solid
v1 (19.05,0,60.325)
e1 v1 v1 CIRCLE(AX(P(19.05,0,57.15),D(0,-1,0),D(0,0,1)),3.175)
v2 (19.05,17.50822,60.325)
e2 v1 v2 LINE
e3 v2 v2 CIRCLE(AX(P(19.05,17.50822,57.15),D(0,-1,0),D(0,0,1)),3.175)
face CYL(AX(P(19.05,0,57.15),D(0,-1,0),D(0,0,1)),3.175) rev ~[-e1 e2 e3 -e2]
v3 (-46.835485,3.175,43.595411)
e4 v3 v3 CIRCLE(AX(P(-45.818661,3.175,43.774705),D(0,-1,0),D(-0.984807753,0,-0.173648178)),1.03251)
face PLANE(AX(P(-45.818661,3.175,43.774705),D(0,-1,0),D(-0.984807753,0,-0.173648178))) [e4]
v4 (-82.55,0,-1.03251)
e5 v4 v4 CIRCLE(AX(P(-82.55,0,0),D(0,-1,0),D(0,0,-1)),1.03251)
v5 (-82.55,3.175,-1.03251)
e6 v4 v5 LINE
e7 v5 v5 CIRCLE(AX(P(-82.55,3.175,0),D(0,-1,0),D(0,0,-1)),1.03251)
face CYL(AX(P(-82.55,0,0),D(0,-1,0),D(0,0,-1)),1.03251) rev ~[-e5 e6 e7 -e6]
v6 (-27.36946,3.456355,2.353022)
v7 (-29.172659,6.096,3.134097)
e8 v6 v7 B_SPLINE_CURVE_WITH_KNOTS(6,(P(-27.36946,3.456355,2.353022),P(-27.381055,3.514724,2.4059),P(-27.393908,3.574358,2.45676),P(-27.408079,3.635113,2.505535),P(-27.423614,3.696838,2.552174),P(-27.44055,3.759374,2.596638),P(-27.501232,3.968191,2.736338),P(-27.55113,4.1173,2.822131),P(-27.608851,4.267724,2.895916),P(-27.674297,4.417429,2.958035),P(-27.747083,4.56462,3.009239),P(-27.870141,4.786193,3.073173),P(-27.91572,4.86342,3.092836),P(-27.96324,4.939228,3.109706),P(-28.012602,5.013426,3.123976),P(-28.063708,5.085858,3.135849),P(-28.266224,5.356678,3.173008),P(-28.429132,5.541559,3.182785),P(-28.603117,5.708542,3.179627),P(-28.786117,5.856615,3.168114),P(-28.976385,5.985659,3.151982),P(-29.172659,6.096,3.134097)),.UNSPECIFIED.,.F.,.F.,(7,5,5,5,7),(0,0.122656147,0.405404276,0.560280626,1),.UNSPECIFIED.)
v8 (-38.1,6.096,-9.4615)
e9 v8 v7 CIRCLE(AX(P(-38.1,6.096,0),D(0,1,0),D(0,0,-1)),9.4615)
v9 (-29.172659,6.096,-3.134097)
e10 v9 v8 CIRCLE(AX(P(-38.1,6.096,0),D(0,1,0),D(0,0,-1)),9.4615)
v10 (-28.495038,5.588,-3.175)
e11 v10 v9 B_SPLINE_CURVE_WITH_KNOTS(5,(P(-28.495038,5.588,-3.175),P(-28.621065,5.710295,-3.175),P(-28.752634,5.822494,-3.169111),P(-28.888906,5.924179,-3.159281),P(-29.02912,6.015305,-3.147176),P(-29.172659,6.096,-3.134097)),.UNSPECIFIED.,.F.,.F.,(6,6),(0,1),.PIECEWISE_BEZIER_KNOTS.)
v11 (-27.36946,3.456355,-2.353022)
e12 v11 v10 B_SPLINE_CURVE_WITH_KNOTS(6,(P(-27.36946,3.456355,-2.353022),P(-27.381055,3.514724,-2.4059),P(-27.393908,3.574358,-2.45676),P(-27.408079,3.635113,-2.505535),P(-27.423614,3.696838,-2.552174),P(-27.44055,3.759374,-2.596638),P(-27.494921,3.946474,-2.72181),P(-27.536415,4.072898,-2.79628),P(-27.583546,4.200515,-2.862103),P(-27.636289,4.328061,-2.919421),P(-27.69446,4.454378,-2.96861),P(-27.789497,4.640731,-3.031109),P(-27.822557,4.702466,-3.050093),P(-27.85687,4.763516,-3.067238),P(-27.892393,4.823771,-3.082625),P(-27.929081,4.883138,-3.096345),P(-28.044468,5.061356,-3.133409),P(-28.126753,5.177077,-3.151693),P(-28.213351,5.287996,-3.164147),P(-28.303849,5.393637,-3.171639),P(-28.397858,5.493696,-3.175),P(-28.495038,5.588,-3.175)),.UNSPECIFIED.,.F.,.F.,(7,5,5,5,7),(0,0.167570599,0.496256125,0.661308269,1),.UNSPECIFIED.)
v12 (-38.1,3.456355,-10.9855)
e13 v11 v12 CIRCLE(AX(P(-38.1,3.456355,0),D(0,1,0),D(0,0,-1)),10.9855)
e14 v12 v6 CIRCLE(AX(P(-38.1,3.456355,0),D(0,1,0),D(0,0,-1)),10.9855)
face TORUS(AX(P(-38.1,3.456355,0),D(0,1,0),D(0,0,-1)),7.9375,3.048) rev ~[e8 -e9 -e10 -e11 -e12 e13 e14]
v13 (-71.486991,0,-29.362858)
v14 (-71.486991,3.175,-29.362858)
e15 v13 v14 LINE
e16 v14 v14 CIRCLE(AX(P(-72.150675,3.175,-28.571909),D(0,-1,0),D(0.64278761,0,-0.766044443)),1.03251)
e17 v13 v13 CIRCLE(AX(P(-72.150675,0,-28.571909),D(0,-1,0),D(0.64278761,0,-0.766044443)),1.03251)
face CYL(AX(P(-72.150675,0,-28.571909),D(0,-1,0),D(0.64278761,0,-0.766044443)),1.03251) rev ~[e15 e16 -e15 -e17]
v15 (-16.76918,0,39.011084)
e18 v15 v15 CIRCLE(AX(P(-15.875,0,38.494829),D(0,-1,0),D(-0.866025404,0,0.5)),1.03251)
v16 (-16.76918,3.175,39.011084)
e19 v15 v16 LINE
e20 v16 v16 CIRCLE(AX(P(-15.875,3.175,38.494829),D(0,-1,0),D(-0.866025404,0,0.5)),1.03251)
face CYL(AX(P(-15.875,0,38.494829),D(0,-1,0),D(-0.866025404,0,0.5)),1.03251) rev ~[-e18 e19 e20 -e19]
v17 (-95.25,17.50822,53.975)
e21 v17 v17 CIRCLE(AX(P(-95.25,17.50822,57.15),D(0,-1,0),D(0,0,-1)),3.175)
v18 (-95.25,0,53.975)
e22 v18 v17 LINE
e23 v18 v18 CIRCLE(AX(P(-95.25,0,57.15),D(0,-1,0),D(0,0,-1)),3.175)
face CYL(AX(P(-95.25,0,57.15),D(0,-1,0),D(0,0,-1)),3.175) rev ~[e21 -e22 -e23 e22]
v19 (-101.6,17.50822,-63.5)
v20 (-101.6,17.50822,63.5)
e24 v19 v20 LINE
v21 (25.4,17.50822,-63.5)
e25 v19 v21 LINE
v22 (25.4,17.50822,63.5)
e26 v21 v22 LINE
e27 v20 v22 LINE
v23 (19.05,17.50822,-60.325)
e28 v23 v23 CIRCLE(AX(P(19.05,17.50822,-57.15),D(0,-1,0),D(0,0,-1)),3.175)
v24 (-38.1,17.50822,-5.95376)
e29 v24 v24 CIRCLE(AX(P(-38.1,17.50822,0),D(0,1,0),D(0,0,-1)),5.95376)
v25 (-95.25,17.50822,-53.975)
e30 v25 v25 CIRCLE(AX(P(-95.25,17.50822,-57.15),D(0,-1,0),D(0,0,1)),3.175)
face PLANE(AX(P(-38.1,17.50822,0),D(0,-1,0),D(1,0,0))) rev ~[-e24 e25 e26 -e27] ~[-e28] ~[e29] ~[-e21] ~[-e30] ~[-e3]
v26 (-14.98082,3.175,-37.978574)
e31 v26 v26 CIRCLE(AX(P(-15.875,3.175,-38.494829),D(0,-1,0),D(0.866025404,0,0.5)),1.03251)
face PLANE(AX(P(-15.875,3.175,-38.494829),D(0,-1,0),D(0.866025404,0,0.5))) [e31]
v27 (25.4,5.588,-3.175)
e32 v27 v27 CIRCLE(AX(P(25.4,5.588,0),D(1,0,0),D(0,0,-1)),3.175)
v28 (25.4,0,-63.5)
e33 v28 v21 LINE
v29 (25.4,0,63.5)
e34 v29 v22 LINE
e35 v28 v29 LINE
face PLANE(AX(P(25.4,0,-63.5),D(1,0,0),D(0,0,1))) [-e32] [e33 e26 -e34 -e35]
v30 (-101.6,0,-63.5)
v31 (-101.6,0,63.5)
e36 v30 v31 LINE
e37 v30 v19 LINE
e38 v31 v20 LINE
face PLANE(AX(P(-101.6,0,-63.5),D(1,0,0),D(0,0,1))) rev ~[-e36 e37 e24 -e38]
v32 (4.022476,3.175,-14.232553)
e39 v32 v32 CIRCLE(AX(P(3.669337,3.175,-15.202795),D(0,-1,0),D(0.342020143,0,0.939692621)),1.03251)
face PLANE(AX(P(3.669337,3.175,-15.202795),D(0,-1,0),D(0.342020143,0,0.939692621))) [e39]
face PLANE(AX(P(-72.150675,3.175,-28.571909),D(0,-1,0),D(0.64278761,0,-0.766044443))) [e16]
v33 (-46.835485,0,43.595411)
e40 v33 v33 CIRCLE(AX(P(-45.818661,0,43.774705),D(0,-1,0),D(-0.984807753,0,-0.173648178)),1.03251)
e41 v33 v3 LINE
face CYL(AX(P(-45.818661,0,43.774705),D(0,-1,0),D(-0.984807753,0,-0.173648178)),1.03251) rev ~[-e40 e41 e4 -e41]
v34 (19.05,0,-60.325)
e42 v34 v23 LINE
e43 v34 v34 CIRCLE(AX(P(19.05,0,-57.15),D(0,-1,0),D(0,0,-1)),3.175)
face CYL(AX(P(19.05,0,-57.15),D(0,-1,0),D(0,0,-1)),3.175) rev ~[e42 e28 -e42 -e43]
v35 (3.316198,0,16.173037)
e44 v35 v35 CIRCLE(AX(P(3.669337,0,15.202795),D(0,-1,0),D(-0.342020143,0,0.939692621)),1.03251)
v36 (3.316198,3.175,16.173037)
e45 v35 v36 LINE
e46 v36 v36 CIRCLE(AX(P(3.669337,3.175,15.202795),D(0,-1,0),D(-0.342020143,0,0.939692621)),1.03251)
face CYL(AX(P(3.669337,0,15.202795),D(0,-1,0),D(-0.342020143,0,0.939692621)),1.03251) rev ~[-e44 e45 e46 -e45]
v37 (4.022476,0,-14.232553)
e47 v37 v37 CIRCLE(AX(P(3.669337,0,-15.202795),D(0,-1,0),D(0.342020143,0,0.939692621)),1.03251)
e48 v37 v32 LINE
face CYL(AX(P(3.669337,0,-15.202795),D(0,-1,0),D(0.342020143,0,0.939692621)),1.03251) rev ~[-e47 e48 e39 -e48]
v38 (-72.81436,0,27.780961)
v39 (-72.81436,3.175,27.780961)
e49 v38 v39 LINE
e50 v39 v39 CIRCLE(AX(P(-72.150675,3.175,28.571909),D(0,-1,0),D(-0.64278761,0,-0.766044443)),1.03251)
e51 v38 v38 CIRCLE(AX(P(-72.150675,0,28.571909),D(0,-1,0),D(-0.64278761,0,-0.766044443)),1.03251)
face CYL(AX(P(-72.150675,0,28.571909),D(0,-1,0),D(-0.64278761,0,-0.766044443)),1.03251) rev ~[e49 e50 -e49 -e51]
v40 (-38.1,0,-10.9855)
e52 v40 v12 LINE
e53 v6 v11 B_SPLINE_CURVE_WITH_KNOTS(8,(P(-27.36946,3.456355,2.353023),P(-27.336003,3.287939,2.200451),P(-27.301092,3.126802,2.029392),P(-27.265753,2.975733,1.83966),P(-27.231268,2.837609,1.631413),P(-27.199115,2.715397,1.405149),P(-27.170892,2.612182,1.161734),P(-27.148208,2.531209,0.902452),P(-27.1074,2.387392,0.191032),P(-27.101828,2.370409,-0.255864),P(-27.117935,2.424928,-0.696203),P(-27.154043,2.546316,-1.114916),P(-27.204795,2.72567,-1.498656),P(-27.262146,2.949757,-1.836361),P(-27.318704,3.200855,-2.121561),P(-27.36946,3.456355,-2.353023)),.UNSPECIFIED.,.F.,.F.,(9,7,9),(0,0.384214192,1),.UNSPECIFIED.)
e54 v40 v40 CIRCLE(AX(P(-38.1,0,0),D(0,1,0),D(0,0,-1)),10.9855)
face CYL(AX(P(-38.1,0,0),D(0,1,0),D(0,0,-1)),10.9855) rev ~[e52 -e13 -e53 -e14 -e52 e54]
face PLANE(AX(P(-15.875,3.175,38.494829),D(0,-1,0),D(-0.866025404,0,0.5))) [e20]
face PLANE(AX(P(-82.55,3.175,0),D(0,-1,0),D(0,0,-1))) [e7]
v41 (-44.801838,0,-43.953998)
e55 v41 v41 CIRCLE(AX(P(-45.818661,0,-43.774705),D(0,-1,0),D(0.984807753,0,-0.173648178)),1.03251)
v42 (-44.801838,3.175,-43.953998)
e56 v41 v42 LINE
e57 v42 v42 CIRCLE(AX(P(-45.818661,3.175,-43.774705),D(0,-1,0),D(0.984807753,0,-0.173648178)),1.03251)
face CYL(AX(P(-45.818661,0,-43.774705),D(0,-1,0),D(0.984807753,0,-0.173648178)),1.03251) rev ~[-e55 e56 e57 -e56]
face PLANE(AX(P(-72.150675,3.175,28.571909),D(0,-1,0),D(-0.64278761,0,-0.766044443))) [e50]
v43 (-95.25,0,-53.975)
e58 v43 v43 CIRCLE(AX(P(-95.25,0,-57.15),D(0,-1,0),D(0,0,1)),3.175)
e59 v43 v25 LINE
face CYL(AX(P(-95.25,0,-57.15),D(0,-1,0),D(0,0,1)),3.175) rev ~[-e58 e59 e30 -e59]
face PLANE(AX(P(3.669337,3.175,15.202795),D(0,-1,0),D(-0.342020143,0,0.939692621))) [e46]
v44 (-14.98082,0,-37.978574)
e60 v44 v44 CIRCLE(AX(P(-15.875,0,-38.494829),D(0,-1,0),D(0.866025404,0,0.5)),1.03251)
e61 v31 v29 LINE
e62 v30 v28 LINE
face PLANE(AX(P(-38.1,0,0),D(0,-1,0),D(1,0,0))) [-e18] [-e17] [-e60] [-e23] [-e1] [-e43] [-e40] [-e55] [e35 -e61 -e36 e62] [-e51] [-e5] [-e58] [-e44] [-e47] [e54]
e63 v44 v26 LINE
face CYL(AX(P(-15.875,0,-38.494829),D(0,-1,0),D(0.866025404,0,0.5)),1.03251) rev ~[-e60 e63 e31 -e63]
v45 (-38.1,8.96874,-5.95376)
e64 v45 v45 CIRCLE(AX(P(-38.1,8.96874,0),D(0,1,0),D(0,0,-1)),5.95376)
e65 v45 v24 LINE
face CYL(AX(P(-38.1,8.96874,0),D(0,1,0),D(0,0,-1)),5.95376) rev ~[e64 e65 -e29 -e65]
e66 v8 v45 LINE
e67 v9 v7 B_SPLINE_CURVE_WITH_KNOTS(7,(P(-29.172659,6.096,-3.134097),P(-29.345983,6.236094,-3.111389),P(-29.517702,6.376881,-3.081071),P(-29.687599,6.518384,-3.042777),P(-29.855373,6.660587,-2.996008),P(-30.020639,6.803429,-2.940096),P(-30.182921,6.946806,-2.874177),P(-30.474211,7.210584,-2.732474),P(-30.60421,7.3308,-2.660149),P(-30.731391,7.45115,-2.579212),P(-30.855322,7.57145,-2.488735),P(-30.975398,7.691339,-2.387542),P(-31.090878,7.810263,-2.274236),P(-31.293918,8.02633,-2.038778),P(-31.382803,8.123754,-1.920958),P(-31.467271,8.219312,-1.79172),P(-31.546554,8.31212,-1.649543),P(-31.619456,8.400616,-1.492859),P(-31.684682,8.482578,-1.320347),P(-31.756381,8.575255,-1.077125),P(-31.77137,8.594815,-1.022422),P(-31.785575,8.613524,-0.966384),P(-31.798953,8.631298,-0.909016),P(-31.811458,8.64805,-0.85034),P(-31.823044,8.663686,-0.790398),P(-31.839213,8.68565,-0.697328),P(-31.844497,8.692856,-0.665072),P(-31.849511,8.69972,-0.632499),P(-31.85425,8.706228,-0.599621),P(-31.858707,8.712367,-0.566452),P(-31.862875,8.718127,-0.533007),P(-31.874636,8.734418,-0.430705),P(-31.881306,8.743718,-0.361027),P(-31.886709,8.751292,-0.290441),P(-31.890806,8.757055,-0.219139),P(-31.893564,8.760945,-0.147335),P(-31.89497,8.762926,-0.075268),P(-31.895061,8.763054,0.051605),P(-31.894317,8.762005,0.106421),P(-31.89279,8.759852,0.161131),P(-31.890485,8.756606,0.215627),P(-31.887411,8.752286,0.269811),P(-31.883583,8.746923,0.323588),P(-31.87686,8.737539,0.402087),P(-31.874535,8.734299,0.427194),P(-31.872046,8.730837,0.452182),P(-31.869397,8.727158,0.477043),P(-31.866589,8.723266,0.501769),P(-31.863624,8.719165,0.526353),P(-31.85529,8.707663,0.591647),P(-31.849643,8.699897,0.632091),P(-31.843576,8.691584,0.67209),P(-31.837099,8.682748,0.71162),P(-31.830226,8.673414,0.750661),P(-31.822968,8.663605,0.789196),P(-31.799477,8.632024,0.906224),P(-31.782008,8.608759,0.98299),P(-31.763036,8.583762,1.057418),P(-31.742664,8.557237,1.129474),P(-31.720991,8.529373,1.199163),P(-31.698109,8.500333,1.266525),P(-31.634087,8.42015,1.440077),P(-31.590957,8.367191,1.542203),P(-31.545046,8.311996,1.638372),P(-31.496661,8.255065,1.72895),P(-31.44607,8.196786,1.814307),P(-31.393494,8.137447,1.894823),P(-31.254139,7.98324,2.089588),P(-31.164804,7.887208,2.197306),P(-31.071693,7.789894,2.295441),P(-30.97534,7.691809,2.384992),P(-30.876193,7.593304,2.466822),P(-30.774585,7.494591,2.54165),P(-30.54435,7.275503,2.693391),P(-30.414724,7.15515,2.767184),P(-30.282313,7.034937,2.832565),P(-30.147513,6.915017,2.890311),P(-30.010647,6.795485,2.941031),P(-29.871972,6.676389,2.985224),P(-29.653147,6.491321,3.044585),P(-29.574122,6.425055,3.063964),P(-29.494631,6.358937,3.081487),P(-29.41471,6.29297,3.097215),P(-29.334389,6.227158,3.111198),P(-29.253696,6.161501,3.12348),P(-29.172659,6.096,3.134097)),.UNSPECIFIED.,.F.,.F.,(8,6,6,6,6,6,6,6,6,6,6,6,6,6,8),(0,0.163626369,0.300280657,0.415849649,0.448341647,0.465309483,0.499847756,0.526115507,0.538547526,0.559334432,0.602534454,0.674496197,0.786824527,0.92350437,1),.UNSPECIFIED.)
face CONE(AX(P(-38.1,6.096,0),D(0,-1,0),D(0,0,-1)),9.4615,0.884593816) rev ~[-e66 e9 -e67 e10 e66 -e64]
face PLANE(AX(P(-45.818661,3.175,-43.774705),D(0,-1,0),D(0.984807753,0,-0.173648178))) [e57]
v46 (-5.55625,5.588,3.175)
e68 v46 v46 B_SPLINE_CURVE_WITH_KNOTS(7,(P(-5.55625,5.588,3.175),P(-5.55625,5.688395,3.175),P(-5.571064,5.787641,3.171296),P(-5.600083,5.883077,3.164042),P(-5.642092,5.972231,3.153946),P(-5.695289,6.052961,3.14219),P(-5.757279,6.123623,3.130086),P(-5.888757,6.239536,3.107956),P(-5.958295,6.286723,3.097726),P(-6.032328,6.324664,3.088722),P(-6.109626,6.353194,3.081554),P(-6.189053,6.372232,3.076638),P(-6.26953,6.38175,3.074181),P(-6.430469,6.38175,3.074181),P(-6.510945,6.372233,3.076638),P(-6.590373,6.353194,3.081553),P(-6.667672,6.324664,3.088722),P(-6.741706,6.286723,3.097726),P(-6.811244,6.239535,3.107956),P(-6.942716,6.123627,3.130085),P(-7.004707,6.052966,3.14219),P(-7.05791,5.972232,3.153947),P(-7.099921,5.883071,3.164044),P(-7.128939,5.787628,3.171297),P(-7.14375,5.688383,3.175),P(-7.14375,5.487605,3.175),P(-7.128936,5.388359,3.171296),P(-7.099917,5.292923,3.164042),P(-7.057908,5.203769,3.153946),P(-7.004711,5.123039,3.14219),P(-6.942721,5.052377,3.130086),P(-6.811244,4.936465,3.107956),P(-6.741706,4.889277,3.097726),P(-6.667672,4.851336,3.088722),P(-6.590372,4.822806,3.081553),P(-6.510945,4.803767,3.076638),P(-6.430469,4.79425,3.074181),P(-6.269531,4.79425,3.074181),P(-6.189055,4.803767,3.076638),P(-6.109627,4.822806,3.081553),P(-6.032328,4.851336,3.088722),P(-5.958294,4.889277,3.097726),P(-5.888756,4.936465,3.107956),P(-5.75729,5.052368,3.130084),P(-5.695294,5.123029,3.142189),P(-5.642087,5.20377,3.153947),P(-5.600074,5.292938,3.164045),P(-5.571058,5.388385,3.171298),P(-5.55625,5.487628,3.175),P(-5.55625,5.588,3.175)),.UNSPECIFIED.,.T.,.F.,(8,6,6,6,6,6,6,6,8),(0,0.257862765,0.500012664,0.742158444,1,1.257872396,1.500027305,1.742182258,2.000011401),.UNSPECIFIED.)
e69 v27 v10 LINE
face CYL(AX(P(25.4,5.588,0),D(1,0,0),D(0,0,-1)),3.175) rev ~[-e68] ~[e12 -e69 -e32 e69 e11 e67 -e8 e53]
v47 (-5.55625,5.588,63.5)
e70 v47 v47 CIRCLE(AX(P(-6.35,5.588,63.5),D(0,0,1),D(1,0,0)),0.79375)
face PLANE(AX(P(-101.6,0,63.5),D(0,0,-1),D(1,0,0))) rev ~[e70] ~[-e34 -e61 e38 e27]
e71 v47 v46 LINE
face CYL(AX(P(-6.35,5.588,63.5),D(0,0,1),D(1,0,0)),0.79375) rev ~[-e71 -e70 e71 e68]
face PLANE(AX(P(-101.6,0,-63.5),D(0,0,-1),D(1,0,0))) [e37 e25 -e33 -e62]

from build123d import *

# Parameters (mm, degrees)
SKETCH5_W               = 127
SKETCH5_H               = 127
SKETCH5_R               = 38.1
SKETCH5_R_2             = 3.175
BOSS_EXTRUDE2_DEPTH     = 17.50822
SKETCH4_R               = 1.03251
CUT_EXTRUDE3_DEPTH      = 3.175
CIRPATTERN1_COUNT       = 9
CUT_EXTRUDE5_REACH      = 145.066
SKETCH8_R               = 3.175
CUT_EXTRUDE9_REACH      = 165.579
CUT_EXTRUDE9_END_RADIUS = 3.175
SKETCH10_R              = 0.79375


with BuildPart() as part:
    # Sketch1 → Revolve1 (revolve)
    with BuildSketch(Plane.XY, mode=Mode.PRIVATE) as revolve1_sk:
        with BuildLine():
            Line((-32.14624, 17.50822), (0, 17.50822))
            Line((0, 17.50822), (0, 0))
            Line((0, 0), (-27.1145, 0))
            Line((-27.1145, 0), (-27.1145, 3.456354569))
            ThreePointArc((-27.1145, 3.456354569), (-27.522854569, 4.980354569), (-28.6385, 6.096))
            Line((-28.6385, 6.096), (-32.14624, 8.96874))
            Line((-32.14624, 8.96874), (-32.14624, 17.50822))
        make_face()
    revolve(revolve1_sk.sketch.rotate(Axis((-38.1, 101.60464546, 0), (0, 1, 0)), 90), axis=Axis((-38.1, 101.60464546, 0), (0, 1, 0)))

    # Sketch5 → Boss-Extrude2 (add)
    with BuildSketch(Plane.XZ):
        with Locations((-38.1, 0)):
            Rectangle(SKETCH5_W, SKETCH5_H)
        with Locations((-38.1, 0)):
            Circle(SKETCH5_R, mode=Mode.SUBTRACT)
        with Locations(Location((-95.25, 57.15, 0), (0, 0, 270))):
            Circle(SKETCH5_R_2, mode=Mode.SUBTRACT)
        with Locations(Location((19.05, 57.15, 0), (0, 0, 90))):
            Circle(SKETCH5_R_2, mode=Mode.SUBTRACT)
        with Locations(Location((19.05, -57.15, 0), (0, 0, 270))):
            Circle(SKETCH5_R_2, mode=Mode.SUBTRACT)
        with Locations(Location((-95.25, -57.15, 0), (0, 0, 90))):
            Circle(SKETCH5_R_2, mode=Mode.SUBTRACT)
    extrude(amount=-BOSS_EXTRUDE2_DEPTH)

    # Sketch4 → Cut-Extrude3 (cut)
    with BuildSketch(Plane(origin=(0, 0, 0), x_dir=(-1, 0, 0), z_dir=(0, -1, 0))):
        with Locations(Location((82.55, 0, 0), (0, 0, 90))):
            Circle(SKETCH4_R)
    cut_extrude3 = extrude(amount=-CUT_EXTRUDE3_DEPTH, mode=Mode.SUBTRACT)

    # CirPattern1: Cut-Extrude3 ×9 about axis
    cirpattern1_axis = Axis((-38.1, 0, 0), (0, 1, 0))
    for i in range(1, CIRPATTERN1_COUNT):
        add(cut_extrude3.rotate(cirpattern1_axis, i * 360 / CIRPATTERN1_COUNT), mode=Mode.SUBTRACT)

    # Sketch8 → Cut-Extrude5 (cut, up to next)
    with BuildSketch(Plane(origin=(25.4, 0, 0), x_dir=(0, 0, -1), z_dir=(1, 0, 0)), mode=Mode.PRIVATE) as cut_extrude5_sk1:
        with Locations((0, 5.588)):
            Circle(SKETCH8_R)
    cut_extrude5_tool1 = extrude(cut_extrude5_sk1.sketch, amount=-CUT_EXTRUDE5_REACH, mode=Mode.PRIVATE) & part.part
    add(cut_extrude5_tool1.solids().sort_by_distance((25.4, 5.588, 0))[0], mode=Mode.SUBTRACT)

    # Cut-Extrude9: up to this cylinder (the profile starts outside it)
    cut_extrude9_end = Plane(origin=(-6.35, 5.588, 0), z_dir=(1, 0, 0)) * Cylinder(CUT_EXTRUDE9_END_RADIUS, 338.508, mode=Mode.PRIVATE)
    # Sketch10 → Cut-Extrude9 (cut, up to the surface)
    with BuildSketch(Plane.XY.offset(63.5), mode=Mode.PRIVATE) as cut_extrude9_sk1:
        with Locations((-6.35, 5.588)):
            Circle(SKETCH10_R)
    cut_extrude9_tool1 = extrude(cut_extrude9_sk1.sketch, amount=-CUT_EXTRUDE9_REACH, mode=Mode.PRIVATE) - cut_extrude9_end
    add(cut_extrude9_tool1.solids().sort_by_distance((-6.35, 5.588, 63.5))[0], mode=Mode.SUBTRACT)


solid = part.part
